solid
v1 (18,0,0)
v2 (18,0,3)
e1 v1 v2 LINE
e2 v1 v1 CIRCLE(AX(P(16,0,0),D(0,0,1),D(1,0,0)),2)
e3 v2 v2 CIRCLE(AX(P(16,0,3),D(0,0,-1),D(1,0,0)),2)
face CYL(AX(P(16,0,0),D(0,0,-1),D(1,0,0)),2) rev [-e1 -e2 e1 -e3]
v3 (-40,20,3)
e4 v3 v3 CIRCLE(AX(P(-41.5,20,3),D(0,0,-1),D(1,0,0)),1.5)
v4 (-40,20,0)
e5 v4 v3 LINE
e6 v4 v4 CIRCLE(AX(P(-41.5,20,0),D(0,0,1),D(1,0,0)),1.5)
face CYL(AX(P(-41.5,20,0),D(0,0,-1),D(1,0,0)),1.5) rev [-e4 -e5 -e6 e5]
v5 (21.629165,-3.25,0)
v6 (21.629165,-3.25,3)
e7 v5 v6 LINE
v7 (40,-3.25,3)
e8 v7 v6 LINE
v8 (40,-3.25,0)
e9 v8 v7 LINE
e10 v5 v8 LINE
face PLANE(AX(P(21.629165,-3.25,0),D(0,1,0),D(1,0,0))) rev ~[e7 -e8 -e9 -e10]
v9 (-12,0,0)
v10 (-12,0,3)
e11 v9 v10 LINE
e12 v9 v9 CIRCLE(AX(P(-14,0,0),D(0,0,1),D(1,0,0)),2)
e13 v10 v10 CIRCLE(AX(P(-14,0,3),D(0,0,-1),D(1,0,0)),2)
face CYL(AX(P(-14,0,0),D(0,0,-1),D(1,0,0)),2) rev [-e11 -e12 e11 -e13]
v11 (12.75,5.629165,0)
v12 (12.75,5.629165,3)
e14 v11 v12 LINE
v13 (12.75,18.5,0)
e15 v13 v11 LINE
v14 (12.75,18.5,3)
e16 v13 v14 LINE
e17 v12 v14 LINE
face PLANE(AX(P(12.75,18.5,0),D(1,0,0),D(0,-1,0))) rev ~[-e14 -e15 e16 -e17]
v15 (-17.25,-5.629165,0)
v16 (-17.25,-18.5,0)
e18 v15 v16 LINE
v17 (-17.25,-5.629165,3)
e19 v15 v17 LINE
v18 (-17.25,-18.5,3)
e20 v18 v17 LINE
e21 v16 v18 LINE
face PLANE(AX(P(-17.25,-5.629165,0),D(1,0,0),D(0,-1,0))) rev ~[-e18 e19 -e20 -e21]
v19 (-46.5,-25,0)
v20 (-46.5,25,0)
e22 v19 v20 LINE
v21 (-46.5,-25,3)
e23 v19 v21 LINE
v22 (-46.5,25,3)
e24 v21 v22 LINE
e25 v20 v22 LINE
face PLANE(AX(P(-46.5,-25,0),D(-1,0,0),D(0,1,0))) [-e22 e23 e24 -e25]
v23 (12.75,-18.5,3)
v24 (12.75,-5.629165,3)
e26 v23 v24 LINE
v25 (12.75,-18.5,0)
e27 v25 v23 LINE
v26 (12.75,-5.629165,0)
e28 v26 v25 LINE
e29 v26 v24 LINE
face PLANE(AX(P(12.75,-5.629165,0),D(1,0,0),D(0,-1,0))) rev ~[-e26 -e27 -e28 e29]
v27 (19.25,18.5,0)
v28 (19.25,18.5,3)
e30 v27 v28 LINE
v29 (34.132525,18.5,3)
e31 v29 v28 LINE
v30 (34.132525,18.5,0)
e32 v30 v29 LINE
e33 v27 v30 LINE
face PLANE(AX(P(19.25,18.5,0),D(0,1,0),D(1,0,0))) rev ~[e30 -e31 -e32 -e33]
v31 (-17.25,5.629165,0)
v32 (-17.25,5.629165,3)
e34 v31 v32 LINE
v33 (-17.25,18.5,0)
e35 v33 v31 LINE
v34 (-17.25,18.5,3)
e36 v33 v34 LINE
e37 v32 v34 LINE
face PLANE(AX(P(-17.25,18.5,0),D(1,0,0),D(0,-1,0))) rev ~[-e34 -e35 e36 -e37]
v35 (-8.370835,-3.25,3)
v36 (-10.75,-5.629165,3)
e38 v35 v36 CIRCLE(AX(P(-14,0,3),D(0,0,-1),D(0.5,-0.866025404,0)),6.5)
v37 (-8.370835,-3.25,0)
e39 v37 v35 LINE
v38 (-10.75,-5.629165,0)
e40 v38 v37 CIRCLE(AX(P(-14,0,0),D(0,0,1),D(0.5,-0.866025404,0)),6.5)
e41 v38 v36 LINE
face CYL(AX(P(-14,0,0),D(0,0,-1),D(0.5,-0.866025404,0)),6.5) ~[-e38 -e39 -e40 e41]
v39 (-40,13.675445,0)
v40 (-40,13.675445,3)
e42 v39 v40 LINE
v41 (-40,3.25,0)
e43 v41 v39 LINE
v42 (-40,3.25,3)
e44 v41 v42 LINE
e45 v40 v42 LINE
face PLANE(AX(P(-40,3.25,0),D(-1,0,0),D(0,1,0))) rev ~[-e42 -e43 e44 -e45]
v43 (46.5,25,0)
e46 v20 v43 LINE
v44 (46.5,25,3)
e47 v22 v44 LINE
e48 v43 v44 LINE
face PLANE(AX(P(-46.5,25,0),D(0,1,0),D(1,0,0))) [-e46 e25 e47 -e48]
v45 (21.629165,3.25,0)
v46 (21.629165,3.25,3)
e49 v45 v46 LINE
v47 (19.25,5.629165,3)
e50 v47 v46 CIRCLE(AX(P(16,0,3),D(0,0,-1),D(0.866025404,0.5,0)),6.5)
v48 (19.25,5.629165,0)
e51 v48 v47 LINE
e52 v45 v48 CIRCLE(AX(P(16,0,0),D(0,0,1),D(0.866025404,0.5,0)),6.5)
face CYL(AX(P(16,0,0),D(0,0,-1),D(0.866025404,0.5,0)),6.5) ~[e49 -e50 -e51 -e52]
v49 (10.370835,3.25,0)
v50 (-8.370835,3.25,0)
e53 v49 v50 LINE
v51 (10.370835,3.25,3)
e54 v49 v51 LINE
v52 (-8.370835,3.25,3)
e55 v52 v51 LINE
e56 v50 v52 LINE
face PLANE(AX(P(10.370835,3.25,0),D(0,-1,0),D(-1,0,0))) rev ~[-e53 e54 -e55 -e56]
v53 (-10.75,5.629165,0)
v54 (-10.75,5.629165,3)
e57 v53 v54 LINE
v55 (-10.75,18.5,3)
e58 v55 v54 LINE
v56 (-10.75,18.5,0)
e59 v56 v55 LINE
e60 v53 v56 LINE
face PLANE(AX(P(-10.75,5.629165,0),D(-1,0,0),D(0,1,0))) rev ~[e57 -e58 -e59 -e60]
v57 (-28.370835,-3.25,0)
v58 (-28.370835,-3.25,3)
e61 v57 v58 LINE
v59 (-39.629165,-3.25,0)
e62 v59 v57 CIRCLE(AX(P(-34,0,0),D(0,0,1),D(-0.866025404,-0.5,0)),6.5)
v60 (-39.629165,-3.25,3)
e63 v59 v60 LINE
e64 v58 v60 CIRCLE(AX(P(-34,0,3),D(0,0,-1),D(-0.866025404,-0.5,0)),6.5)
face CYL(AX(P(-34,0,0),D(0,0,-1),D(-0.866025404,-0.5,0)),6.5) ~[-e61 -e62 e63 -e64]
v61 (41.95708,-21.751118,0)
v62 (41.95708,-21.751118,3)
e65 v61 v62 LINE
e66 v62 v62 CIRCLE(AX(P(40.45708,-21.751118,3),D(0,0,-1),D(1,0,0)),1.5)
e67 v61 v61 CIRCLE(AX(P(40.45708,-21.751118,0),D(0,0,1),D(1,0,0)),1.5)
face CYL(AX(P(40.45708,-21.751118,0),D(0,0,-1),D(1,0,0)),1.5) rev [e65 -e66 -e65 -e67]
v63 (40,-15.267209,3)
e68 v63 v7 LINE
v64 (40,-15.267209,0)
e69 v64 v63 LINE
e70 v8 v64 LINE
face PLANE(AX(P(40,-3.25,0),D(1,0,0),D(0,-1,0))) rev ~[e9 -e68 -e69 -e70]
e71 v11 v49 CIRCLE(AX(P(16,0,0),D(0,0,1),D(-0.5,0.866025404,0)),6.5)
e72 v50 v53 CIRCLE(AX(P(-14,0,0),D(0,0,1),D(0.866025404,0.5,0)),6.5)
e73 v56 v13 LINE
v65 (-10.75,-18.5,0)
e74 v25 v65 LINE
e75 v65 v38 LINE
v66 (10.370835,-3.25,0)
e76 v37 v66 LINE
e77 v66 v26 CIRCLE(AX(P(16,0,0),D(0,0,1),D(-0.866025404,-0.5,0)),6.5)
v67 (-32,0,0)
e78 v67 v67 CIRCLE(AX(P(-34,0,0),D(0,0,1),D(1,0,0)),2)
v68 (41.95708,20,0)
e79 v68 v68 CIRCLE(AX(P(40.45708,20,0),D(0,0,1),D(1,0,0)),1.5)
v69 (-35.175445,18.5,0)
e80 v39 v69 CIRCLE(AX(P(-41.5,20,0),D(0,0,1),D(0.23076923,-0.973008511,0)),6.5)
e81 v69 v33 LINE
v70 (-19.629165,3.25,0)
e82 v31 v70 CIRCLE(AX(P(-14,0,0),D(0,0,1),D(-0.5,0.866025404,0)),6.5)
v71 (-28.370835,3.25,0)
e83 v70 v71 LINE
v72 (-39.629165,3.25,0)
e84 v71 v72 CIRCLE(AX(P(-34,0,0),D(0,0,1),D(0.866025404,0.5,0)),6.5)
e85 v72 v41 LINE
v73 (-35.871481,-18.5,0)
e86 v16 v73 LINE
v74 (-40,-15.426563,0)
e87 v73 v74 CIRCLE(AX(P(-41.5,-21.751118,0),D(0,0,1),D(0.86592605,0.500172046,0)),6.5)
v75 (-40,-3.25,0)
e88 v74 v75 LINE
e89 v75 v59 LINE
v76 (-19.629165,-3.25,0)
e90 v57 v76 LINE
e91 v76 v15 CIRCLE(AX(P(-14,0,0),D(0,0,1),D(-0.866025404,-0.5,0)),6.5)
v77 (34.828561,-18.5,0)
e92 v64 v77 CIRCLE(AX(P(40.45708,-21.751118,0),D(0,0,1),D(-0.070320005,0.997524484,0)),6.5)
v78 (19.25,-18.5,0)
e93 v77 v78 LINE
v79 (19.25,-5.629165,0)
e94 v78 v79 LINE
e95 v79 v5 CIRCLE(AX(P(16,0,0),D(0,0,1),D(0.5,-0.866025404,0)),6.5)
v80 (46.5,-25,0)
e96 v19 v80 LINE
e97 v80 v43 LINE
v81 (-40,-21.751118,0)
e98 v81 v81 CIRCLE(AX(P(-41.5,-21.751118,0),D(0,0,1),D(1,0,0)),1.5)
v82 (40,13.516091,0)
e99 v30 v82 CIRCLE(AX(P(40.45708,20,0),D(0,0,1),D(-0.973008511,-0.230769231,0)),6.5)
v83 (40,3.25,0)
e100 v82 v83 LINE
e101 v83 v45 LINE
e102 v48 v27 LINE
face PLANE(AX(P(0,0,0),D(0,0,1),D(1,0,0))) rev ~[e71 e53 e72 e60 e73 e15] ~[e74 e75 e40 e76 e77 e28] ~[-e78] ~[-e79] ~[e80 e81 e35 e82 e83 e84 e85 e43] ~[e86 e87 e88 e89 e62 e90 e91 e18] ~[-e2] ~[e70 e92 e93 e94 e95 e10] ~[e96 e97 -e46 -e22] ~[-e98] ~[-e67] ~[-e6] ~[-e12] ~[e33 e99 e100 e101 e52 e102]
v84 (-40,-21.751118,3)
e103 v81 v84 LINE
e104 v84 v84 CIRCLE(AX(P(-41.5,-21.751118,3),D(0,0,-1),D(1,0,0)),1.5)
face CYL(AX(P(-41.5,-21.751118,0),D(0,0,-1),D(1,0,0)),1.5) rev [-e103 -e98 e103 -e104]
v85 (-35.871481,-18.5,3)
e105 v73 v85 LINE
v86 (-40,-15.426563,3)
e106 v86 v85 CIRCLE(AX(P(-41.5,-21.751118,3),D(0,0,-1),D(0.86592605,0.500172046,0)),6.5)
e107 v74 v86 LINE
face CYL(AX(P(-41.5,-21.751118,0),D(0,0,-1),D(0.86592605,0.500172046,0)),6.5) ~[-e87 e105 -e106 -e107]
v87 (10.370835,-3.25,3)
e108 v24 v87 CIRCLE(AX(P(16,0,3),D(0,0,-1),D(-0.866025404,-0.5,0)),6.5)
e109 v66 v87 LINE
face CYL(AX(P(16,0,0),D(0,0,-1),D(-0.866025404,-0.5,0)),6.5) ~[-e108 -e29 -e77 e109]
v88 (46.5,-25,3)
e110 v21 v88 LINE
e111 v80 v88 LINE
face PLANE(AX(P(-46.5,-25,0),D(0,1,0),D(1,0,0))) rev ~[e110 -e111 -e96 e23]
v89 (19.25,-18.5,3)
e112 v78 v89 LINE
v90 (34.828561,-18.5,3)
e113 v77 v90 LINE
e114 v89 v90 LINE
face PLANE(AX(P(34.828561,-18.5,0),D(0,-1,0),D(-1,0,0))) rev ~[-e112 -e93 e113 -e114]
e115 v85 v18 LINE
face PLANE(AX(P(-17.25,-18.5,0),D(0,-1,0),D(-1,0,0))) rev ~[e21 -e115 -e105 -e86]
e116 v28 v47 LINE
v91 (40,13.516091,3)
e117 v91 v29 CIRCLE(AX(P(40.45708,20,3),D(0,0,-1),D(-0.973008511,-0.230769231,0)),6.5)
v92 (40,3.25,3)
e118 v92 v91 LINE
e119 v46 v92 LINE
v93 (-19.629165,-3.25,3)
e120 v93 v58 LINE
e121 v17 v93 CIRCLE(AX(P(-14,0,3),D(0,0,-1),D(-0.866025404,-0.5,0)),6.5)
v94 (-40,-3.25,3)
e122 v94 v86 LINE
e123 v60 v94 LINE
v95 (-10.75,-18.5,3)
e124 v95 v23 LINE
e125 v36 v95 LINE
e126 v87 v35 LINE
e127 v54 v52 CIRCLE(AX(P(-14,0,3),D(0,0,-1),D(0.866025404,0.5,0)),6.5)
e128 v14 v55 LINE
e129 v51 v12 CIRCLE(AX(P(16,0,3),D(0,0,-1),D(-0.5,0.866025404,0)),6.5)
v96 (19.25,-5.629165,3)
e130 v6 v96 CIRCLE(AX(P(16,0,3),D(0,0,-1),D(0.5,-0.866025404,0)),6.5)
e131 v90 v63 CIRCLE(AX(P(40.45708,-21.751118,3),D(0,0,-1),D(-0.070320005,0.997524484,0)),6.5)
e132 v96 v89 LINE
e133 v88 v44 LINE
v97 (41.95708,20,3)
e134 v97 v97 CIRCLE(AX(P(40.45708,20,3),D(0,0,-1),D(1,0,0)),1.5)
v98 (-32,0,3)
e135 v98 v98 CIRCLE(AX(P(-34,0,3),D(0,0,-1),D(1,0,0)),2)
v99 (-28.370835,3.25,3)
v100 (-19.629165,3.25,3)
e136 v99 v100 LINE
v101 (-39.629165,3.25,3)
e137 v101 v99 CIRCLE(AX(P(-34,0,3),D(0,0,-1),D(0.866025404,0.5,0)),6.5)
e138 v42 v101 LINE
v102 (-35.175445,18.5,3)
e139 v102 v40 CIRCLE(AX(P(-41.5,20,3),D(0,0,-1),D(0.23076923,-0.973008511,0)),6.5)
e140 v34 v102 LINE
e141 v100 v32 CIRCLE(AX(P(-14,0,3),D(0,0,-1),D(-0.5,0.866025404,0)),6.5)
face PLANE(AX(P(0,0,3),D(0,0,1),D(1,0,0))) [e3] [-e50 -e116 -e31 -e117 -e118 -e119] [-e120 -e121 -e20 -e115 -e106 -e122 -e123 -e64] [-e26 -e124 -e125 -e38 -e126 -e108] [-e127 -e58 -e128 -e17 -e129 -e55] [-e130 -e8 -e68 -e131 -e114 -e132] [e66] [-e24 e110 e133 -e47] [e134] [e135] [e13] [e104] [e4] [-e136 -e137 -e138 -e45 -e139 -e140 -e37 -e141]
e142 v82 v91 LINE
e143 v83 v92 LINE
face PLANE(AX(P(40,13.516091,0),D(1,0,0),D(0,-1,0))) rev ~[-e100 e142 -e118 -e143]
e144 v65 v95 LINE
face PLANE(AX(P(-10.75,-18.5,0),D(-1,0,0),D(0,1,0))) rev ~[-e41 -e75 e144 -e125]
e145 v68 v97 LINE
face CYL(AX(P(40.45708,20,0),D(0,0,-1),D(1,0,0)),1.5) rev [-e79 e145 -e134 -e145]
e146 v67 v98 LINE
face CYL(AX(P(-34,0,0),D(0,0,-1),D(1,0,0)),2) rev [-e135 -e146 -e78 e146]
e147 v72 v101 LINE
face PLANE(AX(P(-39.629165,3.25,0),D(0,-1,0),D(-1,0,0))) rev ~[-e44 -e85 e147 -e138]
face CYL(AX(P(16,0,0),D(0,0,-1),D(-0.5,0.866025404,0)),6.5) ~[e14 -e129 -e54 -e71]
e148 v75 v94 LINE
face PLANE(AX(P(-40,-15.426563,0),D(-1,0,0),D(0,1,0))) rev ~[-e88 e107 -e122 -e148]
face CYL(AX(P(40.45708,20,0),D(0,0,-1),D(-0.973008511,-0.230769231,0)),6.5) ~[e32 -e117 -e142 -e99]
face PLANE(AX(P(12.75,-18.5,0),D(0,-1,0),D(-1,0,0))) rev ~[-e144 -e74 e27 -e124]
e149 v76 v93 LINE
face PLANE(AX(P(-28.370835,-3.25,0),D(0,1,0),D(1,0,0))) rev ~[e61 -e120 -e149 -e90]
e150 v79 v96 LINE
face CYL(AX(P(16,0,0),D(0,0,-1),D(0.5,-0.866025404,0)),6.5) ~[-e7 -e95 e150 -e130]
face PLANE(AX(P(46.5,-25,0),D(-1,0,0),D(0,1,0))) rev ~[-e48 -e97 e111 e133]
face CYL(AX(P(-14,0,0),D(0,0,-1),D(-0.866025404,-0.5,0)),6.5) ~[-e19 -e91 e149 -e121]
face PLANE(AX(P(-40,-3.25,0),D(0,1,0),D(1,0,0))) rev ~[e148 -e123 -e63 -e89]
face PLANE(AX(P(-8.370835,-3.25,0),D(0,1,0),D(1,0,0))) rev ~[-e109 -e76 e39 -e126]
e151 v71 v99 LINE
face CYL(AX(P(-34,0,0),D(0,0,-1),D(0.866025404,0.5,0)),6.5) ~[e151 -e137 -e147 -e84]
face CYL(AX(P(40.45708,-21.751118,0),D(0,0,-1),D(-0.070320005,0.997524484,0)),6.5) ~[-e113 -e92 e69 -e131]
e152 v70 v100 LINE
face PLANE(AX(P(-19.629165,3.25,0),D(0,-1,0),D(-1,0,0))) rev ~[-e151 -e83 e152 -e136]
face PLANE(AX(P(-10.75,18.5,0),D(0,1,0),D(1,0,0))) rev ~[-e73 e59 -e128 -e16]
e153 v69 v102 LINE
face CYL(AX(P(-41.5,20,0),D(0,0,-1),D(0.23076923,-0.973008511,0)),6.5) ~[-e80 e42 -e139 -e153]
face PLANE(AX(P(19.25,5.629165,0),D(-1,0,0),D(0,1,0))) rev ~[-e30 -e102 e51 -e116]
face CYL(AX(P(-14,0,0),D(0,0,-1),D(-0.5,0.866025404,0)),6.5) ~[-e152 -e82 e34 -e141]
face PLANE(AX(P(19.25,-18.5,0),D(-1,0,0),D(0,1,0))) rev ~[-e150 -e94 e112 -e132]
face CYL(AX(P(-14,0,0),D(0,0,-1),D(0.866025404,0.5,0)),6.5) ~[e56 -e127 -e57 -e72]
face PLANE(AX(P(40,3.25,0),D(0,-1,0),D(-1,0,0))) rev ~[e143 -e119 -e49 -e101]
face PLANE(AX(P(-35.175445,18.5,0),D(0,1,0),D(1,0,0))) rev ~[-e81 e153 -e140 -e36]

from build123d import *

# Parameters (mm, degrees)
SKETCH2_W           = 93
SKETCH2_H           = 50
BOSS_EXTRUDE1_DEPTH = 3
SKETCH1_R           = 1.5
SKETCH1_R_2         = 2
CUT_EXTRUDE9_DEPTH  = 4


with BuildPart() as part:
    # Sketch2 → Boss-Extrude1 (new body)
    with BuildSketch(Plane.XY):
        Rectangle(SKETCH2_W, SKETCH2_H)
    extrude(amount=BOSS_EXTRUDE1_DEPTH)

    # Sketch1 → Cut-Extrude9 (cut, through all)
    with BuildSketch(Plane.XY):
        with BuildLine():
            ThreePointArc((21.629165125, 3.25), (20.596194078, 4.596194078), (19.25, 5.629165125))
            Line((19.25, 5.629165125), (19.25, 18.5))
            Line((19.25, 18.5), (34.132524712, 18.5))
            ThreePointArc((34.132524712, 18.5), (36.249054116, 15.045959438), (40, 13.516090852))
            Line((40, 13.516090852), (40, 3.25))
            Line((40, 3.25), (21.629165125, 3.25))
        make_face()
        with BuildLine():
            ThreePointArc((12.75, 5.629165125), (11.403805922, 4.596194078), (10.370834875, 3.25))
            Line((10.370834875, 3.25), (-8.370834875, 3.25))
            ThreePointArc((-8.370834875, 3.25), (-9.403805922, 4.596194078), (-10.75, 5.629165125))
            Line((-10.75, 5.629165125), (-10.75, 18.5))
            Line((-10.75, 18.5), (12.75, 18.5))
            Line((12.75, 18.5), (12.75, 5.629165125))
        make_face()
        with BuildLine():
            ThreePointArc((-40, 13.67544468), (-36.903805922, 15.403805922), (-35.17544468, 18.5))
            Line((-35.17544468, 18.5), (-17.25, 18.5))
            Line((-17.25, 18.5), (-17.25, 5.629165125))
            ThreePointArc((-17.25, 5.629165125), (-18.596194078, 4.596194078), (-19.629165125, 3.25))
            Line((-19.629165125, 3.25), (-28.370834875, 3.25))
            ThreePointArc((-28.370834875, 3.25), (-34, 6.5), (-39.629165125, 3.25))
            Line((-39.629165125, 3.25), (-40, 3.25))
            Line((-40, 3.25), (-40, 13.67544468))
        make_face()
        with BuildLine():
            ThreePointArc((-35.871480673, -18.5), (-37.618576198, -16.537237855), (-40, -15.426562977))
            Line((-40, -15.426562977), (-40, -3.25))
            Line((-40, -3.25), (-39.629165125, -3.25))
            ThreePointArc((-39.629165125, -3.25), (-34, -6.5), (-28.370834875, -3.25))
            Line((-28.370834875, -3.25), (-19.629165125, -3.25))
            ThreePointArc((-19.629165125, -3.25), (-18.596194078, -4.596194078), (-17.25, -5.629165125))
            Line((-17.25, -5.629165125), (-17.25, -18.5))
            Line((-17.25, -18.5), (-35.871480673, -18.5))
        make_face()
        with BuildLine():
            ThreePointArc((-10.75, -5.629165125), (-9.403805922, -4.596194078), (-8.370834875, -3.25))
            Line((-8.370834875, -3.25), (10.370834875, -3.25))
            ThreePointArc((10.370834875, -3.25), (11.403805922, -4.596194078), (12.75, -5.629165125))
            Line((12.75, -5.629165125), (12.75, -18.5))
            Line((12.75, -18.5), (-10.75, -18.5))
            Line((-10.75, -18.5), (-10.75, -5.629165125))
        make_face()
        with BuildLine():
            ThreePointArc((19.25, -5.629165125), (20.596194078, -4.596194078), (21.629165125, -3.25))
            Line((21.629165125, -3.25), (40, -3.25))
            Line((40, -3.25), (40, -15.267209149))
            ThreePointArc((40, -15.267209149), (37.011595442, -16.239436527), (34.828560705, -18.5))
            Line((34.828560705, -18.5), (19.25, -18.5))
            Line((19.25, -18.5), (19.25, -5.629165125))
        make_face()
        with Locations((40.457080032, 20)):
            Circle(SKETCH1_R)
        with Locations((-41.5, 20)):
            Circle(SKETCH1_R)
        with Locations((-34, 0)):
            Circle(SKETCH1_R_2)
        with Locations((-14, 0)):
            Circle(SKETCH1_R_2)
        with Locations((16, 0)):
            Circle(SKETCH1_R_2)
        with Locations((40.457080032, -21.751118297)):
            Circle(SKETCH1_R)
        with Locations((-41.5, -21.751118297)):
            Circle(SKETCH1_R)
    extrude(amount=CUT_EXTRUDE9_DEPTH, mode=Mode.SUBTRACT)


solid = part.part
